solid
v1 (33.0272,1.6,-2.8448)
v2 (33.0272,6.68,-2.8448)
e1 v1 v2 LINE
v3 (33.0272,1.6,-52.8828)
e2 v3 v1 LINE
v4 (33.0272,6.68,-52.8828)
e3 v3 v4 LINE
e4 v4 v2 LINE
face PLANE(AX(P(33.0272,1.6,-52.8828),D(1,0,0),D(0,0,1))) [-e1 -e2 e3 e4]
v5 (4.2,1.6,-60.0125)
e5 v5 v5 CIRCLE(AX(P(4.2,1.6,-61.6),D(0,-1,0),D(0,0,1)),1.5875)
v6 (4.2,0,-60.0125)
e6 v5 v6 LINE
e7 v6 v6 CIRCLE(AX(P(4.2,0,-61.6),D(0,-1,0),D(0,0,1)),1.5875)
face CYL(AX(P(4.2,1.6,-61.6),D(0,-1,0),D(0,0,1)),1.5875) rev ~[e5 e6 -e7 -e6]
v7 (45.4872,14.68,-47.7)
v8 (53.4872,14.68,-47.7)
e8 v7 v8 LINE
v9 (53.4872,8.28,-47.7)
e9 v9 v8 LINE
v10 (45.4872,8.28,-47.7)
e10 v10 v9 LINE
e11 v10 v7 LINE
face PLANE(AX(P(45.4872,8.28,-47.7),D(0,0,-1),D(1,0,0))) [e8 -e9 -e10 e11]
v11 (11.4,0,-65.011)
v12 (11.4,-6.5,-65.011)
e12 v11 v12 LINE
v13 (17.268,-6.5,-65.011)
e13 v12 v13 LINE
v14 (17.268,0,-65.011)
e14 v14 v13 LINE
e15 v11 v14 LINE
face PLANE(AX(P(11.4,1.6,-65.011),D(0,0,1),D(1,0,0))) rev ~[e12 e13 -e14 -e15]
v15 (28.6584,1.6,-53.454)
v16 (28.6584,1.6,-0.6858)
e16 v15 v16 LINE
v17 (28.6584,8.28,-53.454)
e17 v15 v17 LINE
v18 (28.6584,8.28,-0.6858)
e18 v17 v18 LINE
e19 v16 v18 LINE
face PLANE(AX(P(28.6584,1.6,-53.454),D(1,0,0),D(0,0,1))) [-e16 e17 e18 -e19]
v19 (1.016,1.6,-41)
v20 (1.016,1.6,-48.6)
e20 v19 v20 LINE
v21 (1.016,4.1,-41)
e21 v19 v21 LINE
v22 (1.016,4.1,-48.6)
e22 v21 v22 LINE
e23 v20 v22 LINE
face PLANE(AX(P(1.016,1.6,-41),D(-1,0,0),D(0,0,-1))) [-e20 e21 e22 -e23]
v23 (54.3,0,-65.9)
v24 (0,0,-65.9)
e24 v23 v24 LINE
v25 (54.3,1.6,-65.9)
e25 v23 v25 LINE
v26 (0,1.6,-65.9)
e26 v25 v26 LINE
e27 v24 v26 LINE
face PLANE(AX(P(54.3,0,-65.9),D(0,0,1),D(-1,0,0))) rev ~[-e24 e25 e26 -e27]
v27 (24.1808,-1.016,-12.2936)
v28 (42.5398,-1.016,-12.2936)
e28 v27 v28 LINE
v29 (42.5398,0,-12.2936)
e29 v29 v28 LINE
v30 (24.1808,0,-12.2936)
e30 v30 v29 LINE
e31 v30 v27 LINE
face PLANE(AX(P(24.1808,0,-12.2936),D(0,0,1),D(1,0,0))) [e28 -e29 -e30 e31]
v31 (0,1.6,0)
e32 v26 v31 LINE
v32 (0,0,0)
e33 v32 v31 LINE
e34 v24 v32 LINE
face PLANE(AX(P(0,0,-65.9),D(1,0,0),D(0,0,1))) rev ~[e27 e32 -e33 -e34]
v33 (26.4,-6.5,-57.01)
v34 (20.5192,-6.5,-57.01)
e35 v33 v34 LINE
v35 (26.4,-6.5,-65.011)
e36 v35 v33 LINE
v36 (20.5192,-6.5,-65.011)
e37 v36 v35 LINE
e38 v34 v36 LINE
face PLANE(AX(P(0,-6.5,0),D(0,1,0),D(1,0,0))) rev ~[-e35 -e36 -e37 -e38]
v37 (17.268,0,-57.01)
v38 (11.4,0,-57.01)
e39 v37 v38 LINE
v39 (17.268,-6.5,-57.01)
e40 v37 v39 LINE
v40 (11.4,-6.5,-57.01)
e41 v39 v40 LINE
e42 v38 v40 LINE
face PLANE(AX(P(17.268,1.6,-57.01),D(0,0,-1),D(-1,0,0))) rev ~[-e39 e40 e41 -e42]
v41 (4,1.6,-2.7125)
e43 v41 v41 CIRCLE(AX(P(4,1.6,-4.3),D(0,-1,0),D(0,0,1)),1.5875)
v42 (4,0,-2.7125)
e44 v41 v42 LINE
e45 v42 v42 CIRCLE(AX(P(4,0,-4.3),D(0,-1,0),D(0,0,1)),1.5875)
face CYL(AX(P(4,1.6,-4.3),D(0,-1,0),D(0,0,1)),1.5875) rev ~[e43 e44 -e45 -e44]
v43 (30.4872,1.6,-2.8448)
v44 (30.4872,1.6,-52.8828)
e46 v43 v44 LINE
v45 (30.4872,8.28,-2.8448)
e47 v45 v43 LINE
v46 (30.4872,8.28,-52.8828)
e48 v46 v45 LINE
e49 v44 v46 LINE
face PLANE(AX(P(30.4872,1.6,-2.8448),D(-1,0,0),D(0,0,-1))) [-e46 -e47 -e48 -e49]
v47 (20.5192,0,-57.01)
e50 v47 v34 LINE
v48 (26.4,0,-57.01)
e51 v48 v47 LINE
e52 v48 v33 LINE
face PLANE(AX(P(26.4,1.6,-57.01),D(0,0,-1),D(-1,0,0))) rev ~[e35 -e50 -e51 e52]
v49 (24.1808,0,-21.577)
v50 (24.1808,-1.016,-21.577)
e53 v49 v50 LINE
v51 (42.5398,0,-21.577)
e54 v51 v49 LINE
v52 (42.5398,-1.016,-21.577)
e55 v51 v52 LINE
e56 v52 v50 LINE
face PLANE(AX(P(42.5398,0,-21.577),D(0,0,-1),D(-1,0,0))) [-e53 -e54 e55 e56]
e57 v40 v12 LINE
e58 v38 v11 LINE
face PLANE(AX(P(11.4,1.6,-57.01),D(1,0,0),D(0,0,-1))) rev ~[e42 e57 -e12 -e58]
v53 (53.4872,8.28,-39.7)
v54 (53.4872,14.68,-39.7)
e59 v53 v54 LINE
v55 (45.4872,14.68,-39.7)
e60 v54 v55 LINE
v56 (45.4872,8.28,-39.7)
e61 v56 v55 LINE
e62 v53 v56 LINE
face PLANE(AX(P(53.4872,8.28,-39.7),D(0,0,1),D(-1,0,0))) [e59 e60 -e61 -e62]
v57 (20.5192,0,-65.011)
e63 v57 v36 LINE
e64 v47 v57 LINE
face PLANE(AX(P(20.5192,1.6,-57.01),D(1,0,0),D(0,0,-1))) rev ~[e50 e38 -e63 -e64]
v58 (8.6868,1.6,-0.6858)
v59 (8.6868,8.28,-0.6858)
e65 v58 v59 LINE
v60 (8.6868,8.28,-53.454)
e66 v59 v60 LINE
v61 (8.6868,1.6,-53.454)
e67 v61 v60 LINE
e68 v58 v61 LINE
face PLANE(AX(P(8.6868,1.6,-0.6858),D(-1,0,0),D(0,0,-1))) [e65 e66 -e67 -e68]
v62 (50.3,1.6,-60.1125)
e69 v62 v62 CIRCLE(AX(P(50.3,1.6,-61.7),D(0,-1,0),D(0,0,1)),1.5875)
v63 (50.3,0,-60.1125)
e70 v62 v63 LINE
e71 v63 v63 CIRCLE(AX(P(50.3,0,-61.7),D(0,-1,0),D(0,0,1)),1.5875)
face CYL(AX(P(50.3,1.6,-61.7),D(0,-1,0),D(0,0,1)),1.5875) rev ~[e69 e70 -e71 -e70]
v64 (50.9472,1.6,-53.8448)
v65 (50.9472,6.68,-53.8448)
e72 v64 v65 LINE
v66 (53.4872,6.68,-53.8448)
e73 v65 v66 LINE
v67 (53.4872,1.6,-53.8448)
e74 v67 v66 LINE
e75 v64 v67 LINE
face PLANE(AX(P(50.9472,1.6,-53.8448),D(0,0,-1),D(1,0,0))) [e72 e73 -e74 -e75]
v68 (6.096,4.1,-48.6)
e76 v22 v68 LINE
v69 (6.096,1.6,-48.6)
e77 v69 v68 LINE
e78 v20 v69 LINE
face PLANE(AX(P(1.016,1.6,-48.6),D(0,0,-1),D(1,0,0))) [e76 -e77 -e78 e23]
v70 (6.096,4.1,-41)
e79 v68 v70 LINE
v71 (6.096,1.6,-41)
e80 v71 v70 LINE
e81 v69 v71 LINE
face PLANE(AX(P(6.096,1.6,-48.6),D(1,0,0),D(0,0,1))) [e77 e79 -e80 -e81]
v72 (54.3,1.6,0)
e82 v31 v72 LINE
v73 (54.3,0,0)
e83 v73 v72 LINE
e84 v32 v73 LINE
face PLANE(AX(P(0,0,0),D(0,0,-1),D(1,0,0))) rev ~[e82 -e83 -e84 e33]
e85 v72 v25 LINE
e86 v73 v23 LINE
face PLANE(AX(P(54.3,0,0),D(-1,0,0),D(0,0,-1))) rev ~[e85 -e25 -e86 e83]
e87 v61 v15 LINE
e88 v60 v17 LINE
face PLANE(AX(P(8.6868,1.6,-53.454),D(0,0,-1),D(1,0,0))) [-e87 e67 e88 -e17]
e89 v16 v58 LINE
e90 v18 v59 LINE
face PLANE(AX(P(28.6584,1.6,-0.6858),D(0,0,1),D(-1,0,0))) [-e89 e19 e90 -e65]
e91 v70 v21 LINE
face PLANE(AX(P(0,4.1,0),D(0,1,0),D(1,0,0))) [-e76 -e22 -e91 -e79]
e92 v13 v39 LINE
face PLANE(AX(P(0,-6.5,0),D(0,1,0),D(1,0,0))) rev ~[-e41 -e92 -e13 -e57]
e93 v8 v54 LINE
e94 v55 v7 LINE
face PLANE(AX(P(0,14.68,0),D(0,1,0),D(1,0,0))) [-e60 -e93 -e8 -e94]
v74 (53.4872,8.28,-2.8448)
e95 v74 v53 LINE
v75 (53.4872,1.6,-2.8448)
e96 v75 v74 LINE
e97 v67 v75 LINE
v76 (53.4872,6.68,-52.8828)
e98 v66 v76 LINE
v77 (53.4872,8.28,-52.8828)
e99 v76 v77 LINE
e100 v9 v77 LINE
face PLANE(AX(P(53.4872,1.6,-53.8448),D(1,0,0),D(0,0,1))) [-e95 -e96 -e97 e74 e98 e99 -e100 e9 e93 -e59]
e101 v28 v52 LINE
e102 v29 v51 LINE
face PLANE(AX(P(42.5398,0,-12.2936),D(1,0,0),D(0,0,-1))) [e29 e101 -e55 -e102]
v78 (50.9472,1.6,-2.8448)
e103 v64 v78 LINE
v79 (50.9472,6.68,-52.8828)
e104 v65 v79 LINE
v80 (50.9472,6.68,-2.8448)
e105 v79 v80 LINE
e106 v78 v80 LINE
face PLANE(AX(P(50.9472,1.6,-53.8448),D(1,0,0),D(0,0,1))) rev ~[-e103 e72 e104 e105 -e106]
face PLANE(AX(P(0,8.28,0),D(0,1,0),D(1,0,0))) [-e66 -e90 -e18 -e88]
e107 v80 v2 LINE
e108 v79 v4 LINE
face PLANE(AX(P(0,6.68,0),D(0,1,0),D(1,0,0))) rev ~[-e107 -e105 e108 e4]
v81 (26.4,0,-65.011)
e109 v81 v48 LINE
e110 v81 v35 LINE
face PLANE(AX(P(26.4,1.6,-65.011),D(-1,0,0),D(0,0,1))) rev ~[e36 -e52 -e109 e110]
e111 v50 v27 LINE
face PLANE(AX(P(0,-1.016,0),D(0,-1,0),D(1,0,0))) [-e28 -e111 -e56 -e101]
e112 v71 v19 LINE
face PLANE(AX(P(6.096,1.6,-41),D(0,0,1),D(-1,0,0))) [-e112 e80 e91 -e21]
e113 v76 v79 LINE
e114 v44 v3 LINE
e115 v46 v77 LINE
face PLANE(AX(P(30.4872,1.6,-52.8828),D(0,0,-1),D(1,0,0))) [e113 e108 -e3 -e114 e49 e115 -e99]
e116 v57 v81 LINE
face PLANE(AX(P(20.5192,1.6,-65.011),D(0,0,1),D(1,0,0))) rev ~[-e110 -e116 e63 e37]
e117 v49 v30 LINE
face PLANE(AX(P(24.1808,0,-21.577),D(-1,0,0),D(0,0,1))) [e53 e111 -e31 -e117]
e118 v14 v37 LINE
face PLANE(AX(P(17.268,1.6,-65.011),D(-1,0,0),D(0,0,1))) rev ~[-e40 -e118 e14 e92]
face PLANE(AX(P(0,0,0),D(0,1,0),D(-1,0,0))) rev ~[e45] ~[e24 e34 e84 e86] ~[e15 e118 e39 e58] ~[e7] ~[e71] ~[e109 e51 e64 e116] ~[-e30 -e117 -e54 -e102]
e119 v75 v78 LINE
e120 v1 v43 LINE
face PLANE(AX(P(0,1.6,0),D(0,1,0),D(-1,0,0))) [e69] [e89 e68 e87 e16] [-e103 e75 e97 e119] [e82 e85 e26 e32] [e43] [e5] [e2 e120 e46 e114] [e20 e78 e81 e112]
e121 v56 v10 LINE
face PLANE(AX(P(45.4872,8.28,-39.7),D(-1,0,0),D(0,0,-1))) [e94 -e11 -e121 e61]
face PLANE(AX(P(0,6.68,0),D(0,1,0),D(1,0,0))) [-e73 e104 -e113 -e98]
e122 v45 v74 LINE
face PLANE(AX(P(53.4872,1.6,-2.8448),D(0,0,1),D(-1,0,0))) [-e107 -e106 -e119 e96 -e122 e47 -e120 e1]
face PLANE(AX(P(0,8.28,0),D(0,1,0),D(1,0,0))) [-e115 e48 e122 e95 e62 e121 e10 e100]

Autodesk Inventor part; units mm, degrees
ref_plane "YZ Plane" through (0, 0, 0) normal (1, 0, 0) x (0, 1, 0)
ref_plane "XZ Plane" through (0, 0, 0) normal (0, 1, 0) x (-1, 0, 0)
ref_plane "XY Plane" through (0, 0, 0) normal (0, 0, 1) x (1, 0, 0)
sketch "Sketch1" plane through (0, 0, 0) normal (0, 1, 0) x (-1, 0, 0)
  line L0 (0, 0) -> (-54.3, 0)
  line L1 (-54.3, 0) -> (-54.3, -65.9)
  line L2 (-54.3, -65.9) -> (0, -65.9)
  line L3 (0, -65.9) -> (0, 0)
  dimension "d0" = 54.3
  dimension "d1" = 65.9
extrude "Extrusion1" add sketch "Sketch1" along normal blind 1.6
sketch "Sketch2" plane through (0, 1.6, 0) normal (0, 1, 0) x (1, 0, 0)
  line L0 (0, 65.9) -> (0, 0) projected
  line L1 (54.3, 65.9) -> (0, 65.9) projected
  line L2 (54.3, 0) -> (54.3, 65.9) projected
  line L3 (0, 0) -> (54.3, 0) projected
  point P0 (4.2, 61.6)
  point P1 (50.3, 61.7)
  point P2 (4, 4.3)
  dimension "d4" = 4.2
  dimension "d5" = 4.3
  dimension "d6" = 4
  dimension "d7" = 4.2
  dimension "d8" = 4
  dimension "d9" = 4.3
hole "Hole1" at (4.2, 1.6, -61.6) at (50.3, 1.6, -61.7) at (4, 1.6, -4.3) direction (0, -1, 0) diameter 3.175 end through all
sketch "Sketch3" plane through (0, 1.6, 0) normal (0, 1, 0) x (1, 0, 0)
  line L0 (53.4872, 53.8448) -> (53.4872, 2.8448)
  line L1 (30.4872, 2.8448) -> (30.4872, 52.8828)
  line L2 (0, 0) -> (54.3, 0) projected
  line L3 (54.3, 0) -> (54.3, 65.9) projected
  line L4 (33.0272, 52.8828) -> (33.0272, 2.8448)
  line L5 (50.9472, 53.8448) -> (50.9472, 2.8448)
  line L6 (30.4872, 52.8828) -> (33.0272, 52.8828)
  line L7 (50.9472, 53.8448) -> (53.4872, 53.8448)
  line L8 (53.4872, 2.8448) -> (50.9472, 2.8448)
  line L9 (33.0272, 2.8448) -> (30.4872, 2.8448)
  dimension "d17" = 23
  dimension "d18" = 51
  dimension "d20" = 0.8128
  dimension "d21" = 2.54
  dimension "d22" = 2.54
extrude "Extrusion2" add sketch "Sketch3" along normal blind 5.08
sketch "Sketch4" plane through (0, 6.68, 0) normal (0, 1, 0) x (1, 0, 0)
  line L0 (30.4872, 52.8828) -> (30.4872, 2.8448) projected
  line L1 (30.4872, 2.8448) -> (33.0272, 2.8448) projected
  line L2 (33.0272, 2.8448) -> (33.0272, 52.8828) projected
  line L3 (33.0272, 52.8828) -> (30.4872, 52.8828) projected
  line L4 (53.4872, 2.8448) -> (53.4872, 53.8448) projected
  line L5 (50.9472, 53.8448) -> (50.9472, 2.8448) projected
  line L6 (50.9472, 2.8448) -> (53.4872, 2.8448) projected
  line L7 (53.4872, 53.8448) -> (50.9472, 53.8448) projected
  line L8 (30.4872, 52.8828) -> (30.4872, 2.8448) projected
  line L9 (30.4872, 52.8828) -> (53.4872, 52.8828)
  line L10 (53.4872, 52.8828) -> (53.4872, 2.8448)
  line L11 (53.4872, 2.8448) -> (30.4872, 2.8448)
  line L12 (30.4872, 2.8448) -> (30.4872, 52.8828)
  point P0 (0, 0)
extrude "Extrusion3" add sketch "Sketch4" along normal blind 1.6 contours L3 L2 L1 L0 | L9 L5 L11 L2 | L9 L4 L6 L5
sketch "Sketch5" plane through (0, 8.28, 0) normal (0, 1, 0) x (1, 0, 0)
  line L0 (45.4872, 47.7) -> (53.4872, 47.7)
  line L1 (53.4872, 47.7) -> (53.4872, 39.7)
  line L2 (53.4872, 39.7) -> (45.4872, 39.7)
  line L3 (45.4872, 39.7) -> (45.4872, 47.7)
  line L4 (53.4872, 2.8448) -> (53.4872, 52.8828) projected
  line L5 (53.4872, 52.8828) -> (30.4872, 52.8828) projected
  line L6 (0, 0) -> (54.3, 0) projected
  line L7 (30.4872, 52.8828) -> (30.4872, 2.8448) projected
  line L8 (30.4872, 2.8448) -> (53.4872, 2.8448) projected
  line L9 (53.4872, 2.8448) -> (53.4872, 52.8828) projected
  line L10 (53.4872, 52.8828) -> (30.4872, 52.8828) projected
  dimension "d27" = 8
  dimension "d28" = 8
  dimension "d61" = 39.7
extrude "Extrusion4" add sketch "Sketch5" along normal blind 6.4 contours L0 L1 L2 L3
sketch "Sketch7" plane through (0, 1.6, 0) normal (0, 1, 0) x (1, 0, 0)
  line L0 (1.016, 48.6) -> (6.096, 48.6)
  line L1 (6.096, 48.6) -> (6.096, 41)
  line L2 (6.096, 41) -> (1.016, 41)
  line L3 (1.016, 41) -> (1.016, 48.6)
  line L4 (54.3, 65.9) -> (0, 65.9) projected
  line L5 (0, 65.9) -> (0, 0) projected
  dimension "d32" = 5.08
  dimension "d33" = 7.6
  dimension "d34" = 17.3
  dimension "d35" = 1.016
extrude "Extrusion5" add sketch "Sketch7" along normal blind 2.5
sketch "Sketch8" plane through (0, 1.6, 0) normal (0, 1, 0) x (1, 0, 0)
  line L0 (11.4, 65.011) -> (17.268, 65.011)
  line L1 (17.268, 65.011) -> (17.268, 57.01)
  line L2 (17.268, 57.01) -> (11.4, 57.01)
  line L3 (11.4, 57.01) -> (11.4, 65.011)
  line L4 (0, 65.9) -> (0, 0) projected
  line L5 (54.3, 65.9) -> (0, 65.9) projected
  line L6 (20.5192, 65.011) -> (26.4, 65.011)
  line L7 (26.4, 65.011) -> (26.4, 57.01)
  line L8 (26.4, 57.01) -> (20.5192, 57.01)
  line L9 (20.5192, 57.01) -> (20.5192, 65.011)
  dimension "d39" = 8.001
  dimension "d40" = 11.4
  dimension "d41" = 0.889
  dimension "d43" = 8.001
  dimension "d44" = 3.2512
  dimension "d45" = 0.889
  dimension "d60" = 15
extrude "Extrusion6" add sketch "Sketch8" against normal blind 8.1
sketch "Sketch9" plane through (0, 1.6, 0) normal (0, 1, 0) x (1, 0, 0)
  line L0 (8.6868, 53.454) -> (28.6584, 53.454)
  line L1 (28.6584, 53.454) -> (28.6584, 0.6858)
  line L2 (28.6584, 0.6858) -> (8.6868, 0.6858)
  line L3 (8.6868, 0.6858) -> (8.6868, 53.454)
  line L4 (54.3, 65.9) -> (0, 65.9) projected
  line L5 (30.4872, 52.8828) -> (30.4872, 2.8448) projected
  line L6 (0, 65.9) -> (0, 0) projected
  line L7 (0, 0) -> (54.3, 0) projected
  dimension "d48" = 12.446
  dimension "d49" = 1.8288
  dimension "d50" = 8.6868
  dimension "d51" = 0.6858
extrude "Extrusion7" add sketch "Sketch9" along normal up to surface (6.68 mm away)
sketch "Sketch10" plane through (0, 0, 0) normal (0, -1, 0) x (1, 0, 0)
  line L0 (42.5398, -21.577) -> (24.1808, -21.577)
  line L1 (24.1808, -21.577) -> (24.1808, -12.2936)
  line L2 (24.1808, -12.2936) -> (42.5398, -12.2936)
  line L3 (42.5398, -12.2936) -> (42.5398, -21.577)
  line L4 (54.3, -65.9) -> (0, -65.9) projected
  line L5 (54.3, 0) -> (54.3, -65.9) projected
  line L6 (0, -65.9) -> (0, 0) projected
  line L7 (0, 0) -> (54.3, 0) projected
  dimension "d54" = 44.323
  dimension "d55" = 11.7602
  dimension "d56" = 24.1808
  dimension "d57" = 12.2936
extrude "Extrusion8" add sketch "Sketch10" along normal blind 1.016 contours L0 L1 L2 L3
properties part number "PCB"
